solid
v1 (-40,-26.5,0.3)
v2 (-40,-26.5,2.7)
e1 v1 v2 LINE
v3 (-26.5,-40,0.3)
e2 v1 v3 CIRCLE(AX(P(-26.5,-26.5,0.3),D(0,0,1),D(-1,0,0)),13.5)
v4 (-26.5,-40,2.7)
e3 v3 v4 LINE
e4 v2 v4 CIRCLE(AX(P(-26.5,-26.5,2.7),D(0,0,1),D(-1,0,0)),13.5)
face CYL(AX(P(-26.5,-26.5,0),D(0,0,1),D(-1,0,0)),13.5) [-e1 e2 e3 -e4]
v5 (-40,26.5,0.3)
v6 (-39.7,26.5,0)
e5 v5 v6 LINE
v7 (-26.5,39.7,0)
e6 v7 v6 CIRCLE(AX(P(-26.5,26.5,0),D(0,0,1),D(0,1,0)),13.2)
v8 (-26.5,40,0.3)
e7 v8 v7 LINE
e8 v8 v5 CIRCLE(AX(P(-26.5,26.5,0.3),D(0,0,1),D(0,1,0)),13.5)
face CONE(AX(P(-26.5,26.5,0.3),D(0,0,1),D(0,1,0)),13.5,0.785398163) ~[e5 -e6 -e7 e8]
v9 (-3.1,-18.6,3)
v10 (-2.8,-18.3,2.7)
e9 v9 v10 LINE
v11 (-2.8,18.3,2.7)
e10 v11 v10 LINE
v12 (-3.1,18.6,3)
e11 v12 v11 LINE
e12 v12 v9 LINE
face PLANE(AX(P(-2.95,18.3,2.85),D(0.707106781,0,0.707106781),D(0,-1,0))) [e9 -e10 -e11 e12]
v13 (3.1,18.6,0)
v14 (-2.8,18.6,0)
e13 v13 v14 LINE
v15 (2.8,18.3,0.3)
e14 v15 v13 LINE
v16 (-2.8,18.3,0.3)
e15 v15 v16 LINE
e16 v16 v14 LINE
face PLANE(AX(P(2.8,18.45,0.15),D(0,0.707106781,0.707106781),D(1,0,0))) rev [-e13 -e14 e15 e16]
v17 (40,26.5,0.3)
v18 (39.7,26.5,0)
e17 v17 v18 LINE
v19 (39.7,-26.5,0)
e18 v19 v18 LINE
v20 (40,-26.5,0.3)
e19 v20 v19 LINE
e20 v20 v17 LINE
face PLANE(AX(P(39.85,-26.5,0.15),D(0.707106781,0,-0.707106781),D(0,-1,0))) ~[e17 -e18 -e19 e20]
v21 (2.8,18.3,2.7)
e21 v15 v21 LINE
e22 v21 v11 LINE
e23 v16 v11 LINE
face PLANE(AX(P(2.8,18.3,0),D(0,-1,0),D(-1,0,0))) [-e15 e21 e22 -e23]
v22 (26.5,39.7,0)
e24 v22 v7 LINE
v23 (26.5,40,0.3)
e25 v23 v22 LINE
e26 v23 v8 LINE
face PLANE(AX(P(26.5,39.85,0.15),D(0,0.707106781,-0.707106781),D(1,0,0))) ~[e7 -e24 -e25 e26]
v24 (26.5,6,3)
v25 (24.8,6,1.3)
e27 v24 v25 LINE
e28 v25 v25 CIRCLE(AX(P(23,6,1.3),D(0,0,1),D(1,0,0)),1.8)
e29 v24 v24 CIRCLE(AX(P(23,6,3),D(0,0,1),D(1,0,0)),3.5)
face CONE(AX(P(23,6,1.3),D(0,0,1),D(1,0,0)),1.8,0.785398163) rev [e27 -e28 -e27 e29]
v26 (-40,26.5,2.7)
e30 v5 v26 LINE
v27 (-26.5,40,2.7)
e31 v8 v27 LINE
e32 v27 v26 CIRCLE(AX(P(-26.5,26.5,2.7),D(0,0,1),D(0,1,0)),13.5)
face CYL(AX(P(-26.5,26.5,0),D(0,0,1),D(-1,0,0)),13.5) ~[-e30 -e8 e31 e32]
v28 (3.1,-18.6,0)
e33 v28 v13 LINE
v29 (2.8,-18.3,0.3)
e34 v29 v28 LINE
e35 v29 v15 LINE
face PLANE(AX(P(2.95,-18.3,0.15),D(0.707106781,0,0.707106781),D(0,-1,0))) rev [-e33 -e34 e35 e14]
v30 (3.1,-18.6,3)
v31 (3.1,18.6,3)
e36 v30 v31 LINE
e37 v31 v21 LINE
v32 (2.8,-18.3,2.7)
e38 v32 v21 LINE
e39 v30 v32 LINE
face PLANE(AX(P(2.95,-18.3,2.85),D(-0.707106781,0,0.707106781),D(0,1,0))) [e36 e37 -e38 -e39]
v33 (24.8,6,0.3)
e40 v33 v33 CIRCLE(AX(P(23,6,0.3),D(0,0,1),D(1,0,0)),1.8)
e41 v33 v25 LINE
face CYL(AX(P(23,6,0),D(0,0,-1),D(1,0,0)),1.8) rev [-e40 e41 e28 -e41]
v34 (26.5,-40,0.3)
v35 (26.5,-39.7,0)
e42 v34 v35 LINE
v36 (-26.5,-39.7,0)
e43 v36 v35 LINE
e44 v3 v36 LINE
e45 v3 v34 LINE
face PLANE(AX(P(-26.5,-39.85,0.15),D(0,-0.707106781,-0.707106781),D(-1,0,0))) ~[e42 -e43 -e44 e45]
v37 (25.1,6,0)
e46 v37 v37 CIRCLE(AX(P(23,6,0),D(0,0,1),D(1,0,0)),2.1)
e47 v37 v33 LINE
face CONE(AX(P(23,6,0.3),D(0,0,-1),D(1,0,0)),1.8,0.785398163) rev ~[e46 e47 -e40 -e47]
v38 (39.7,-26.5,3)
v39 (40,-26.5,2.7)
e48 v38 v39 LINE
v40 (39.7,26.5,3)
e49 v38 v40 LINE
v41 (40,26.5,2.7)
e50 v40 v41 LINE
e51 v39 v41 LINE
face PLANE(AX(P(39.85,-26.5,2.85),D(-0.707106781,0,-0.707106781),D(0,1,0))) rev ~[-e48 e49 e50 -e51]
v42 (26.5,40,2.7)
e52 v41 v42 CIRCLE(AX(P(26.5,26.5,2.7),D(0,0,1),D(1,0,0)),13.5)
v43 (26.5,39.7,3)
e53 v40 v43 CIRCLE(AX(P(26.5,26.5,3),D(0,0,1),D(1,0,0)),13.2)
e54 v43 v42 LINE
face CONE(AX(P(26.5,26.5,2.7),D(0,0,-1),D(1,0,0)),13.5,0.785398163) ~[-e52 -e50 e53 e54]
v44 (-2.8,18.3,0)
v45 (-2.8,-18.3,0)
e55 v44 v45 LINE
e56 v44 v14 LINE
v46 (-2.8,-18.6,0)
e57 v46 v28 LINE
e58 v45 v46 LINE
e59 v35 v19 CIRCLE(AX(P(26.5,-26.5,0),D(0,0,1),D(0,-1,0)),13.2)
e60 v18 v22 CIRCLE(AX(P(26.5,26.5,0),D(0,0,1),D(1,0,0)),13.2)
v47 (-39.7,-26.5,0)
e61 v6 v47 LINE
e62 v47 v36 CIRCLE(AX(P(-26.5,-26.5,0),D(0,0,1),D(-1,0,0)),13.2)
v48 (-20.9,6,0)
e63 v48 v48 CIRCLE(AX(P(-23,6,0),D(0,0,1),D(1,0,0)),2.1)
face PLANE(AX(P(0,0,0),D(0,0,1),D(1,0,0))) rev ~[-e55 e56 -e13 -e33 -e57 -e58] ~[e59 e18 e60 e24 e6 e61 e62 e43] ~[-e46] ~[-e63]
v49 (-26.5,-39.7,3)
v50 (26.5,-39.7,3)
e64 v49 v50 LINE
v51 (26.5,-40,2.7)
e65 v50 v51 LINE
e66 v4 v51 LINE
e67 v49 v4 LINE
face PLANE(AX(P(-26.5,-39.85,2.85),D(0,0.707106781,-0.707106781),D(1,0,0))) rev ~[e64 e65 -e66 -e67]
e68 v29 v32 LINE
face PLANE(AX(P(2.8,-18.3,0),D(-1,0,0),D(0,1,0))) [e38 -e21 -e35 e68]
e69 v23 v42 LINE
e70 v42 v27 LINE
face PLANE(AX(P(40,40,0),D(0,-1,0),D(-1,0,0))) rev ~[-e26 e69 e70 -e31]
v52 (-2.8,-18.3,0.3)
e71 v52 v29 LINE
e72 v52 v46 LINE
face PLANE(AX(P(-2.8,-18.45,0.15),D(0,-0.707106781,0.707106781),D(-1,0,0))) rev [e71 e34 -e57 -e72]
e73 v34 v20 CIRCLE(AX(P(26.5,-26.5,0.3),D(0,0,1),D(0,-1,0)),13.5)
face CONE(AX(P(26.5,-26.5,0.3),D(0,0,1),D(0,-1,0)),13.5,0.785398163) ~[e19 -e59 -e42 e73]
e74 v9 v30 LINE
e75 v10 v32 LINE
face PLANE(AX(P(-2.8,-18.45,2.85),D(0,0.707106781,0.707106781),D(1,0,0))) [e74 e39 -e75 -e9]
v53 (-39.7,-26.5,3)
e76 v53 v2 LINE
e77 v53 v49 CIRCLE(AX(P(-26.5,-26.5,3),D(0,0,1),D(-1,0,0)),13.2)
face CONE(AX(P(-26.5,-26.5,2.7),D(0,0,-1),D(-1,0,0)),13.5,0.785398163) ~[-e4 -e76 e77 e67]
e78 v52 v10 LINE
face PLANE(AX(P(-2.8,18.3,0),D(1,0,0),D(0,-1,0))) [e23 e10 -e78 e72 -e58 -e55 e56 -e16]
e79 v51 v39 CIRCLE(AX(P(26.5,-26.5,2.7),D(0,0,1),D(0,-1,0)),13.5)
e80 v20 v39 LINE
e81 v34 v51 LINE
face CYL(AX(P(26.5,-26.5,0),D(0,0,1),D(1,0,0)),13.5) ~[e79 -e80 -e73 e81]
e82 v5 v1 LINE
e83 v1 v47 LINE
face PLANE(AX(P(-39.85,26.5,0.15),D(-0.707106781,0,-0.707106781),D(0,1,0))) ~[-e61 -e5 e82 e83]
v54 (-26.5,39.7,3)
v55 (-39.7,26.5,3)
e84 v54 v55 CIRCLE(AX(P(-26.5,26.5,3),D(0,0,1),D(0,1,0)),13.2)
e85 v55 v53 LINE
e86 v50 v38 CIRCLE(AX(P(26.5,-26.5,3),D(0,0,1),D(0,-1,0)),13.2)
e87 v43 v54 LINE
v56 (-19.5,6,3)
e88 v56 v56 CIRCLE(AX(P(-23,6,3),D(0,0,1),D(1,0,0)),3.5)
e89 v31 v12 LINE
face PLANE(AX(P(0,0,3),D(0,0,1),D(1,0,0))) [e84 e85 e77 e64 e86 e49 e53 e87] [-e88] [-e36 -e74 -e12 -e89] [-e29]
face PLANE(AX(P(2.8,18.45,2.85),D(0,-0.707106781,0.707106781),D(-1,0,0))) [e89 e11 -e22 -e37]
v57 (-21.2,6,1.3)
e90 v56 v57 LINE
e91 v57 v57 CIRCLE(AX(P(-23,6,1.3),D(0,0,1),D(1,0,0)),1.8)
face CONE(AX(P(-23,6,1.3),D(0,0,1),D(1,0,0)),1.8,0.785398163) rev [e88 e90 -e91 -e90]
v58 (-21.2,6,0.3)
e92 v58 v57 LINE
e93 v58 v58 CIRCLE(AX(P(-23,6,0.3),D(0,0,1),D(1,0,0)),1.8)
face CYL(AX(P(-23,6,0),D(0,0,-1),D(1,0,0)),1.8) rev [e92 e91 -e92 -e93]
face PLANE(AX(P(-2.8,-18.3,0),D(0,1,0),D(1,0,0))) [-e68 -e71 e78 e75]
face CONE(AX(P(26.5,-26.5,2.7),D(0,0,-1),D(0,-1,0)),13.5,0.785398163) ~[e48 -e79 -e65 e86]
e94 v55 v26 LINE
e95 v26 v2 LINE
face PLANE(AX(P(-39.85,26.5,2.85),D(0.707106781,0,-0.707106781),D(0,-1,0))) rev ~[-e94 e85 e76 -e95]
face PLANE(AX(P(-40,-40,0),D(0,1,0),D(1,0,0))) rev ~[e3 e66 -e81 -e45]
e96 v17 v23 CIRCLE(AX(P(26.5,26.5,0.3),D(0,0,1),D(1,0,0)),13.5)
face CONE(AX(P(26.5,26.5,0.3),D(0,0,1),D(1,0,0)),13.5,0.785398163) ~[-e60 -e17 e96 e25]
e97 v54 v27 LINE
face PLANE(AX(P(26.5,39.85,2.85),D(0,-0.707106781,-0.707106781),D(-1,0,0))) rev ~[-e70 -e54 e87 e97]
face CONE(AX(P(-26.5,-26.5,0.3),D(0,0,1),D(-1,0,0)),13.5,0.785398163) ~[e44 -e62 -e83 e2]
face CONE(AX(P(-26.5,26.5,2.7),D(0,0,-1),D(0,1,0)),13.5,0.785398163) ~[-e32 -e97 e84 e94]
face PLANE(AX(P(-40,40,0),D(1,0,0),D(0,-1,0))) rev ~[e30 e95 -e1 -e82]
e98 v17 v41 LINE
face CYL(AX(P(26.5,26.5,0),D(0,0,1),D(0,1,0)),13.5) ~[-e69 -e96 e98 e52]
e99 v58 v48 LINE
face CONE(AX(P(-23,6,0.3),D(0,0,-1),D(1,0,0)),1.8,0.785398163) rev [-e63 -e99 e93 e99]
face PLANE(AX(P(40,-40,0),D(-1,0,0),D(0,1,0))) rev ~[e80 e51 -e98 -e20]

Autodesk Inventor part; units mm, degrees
ref_plane "YZ Plane" through (0, 0, 0) normal (1, 0, 0) x (0, 1, 0)
ref_plane "XZ Plane" through (0, 0, 0) normal (0, 1, 0) x (-1, 0, 0)
ref_plane "XY Plane" through (0, 0, 0) normal (0, 0, 1) x (1, 0, 0)
sketch "Sketch1" plane through (0, 0, 0) normal (0, 0, 1) x (1, 0, 0)
  line L0 (-40, -40) -> (40, -40)
  line L1 (40, -40) -> (40, 40)
  line L2 (40, 40) -> (-40, 40)
  line L3 (-40, 40) -> (-40, -40)
  line L4 (-40, -40) -> (40, 40) construction
  line L5 (40, -40) -> (-40, 40) construction
  line L6 (-2.8, -18.3) -> (2.8, -18.3)
  line L7 (2.8, -18.3) -> (2.8, 18.3)
  line L8 (2.8, 18.3) -> (-2.8, 18.3)
  line L9 (-2.8, 18.3) -> (-2.8, -18.3)
  line L10 (-2.8, -18.3) -> (2.8, 18.3) construction
  line L11 (2.8, -18.3) -> (-2.8, 18.3) construction
  circle A0 centre (23, 6) radius 1.8
  line L12 (0, 56) -> (0, -56) construction
  circle A1 centre (-23, 6) radius 1.8
  point P0 (0, 0)
  dimension "d0" = 80
  dimension "d1" = 80
  dimension "d2" = 5.6
  dimension "d3" = 36.6
  dimension "d4" = 3.6
  dimension "d5" = 12.3
  dimension "d6" = 23
extrude "Extrusion1" add sketch "Sketch1" along normal blind 3
fillet "Fillet1" radius 13.5 4 edges at (40, 40, 1.5) (40, -40, 1.5) (-40, -40, 1.5) (-40, 40, 1.5)
chamfer "Chamfer1" distance 1.7 angle 45 2 edges at (-24.8, 6, 3) (21.2, 6, 3)
chamfer "Chamfer2" distance 0.3 angle 45 25 edges at (-40, 0, 0) (-36.0459, -36.0459, 0) (0, -40, 0) (36.0459, -36.0459, 0) (40, 0, 0) (36.0459, 36.0459, 0) (0, 40, 0) (-36.0459, 36.0459, 0) (-40, 0, 3) (-36.0459, -36.0459, 3) (0, -40, 3) (36.0459, -36.0459, 3) (40, 0, 3) (36.0459, 36.0459, 3) (0, 40, 3) (-36.0459, 36.0459, 3) (-2.8, 0, 3) (2.8, 0, 3) (0, 18.3, 3) (2.8, 0, 0) (0, -18.3, 3) (0, 18.3, 0) (0, -18.3, 0) (-24.8, 6, 0) (21.2, 6, 0)
properties part number "TopV3Back"
